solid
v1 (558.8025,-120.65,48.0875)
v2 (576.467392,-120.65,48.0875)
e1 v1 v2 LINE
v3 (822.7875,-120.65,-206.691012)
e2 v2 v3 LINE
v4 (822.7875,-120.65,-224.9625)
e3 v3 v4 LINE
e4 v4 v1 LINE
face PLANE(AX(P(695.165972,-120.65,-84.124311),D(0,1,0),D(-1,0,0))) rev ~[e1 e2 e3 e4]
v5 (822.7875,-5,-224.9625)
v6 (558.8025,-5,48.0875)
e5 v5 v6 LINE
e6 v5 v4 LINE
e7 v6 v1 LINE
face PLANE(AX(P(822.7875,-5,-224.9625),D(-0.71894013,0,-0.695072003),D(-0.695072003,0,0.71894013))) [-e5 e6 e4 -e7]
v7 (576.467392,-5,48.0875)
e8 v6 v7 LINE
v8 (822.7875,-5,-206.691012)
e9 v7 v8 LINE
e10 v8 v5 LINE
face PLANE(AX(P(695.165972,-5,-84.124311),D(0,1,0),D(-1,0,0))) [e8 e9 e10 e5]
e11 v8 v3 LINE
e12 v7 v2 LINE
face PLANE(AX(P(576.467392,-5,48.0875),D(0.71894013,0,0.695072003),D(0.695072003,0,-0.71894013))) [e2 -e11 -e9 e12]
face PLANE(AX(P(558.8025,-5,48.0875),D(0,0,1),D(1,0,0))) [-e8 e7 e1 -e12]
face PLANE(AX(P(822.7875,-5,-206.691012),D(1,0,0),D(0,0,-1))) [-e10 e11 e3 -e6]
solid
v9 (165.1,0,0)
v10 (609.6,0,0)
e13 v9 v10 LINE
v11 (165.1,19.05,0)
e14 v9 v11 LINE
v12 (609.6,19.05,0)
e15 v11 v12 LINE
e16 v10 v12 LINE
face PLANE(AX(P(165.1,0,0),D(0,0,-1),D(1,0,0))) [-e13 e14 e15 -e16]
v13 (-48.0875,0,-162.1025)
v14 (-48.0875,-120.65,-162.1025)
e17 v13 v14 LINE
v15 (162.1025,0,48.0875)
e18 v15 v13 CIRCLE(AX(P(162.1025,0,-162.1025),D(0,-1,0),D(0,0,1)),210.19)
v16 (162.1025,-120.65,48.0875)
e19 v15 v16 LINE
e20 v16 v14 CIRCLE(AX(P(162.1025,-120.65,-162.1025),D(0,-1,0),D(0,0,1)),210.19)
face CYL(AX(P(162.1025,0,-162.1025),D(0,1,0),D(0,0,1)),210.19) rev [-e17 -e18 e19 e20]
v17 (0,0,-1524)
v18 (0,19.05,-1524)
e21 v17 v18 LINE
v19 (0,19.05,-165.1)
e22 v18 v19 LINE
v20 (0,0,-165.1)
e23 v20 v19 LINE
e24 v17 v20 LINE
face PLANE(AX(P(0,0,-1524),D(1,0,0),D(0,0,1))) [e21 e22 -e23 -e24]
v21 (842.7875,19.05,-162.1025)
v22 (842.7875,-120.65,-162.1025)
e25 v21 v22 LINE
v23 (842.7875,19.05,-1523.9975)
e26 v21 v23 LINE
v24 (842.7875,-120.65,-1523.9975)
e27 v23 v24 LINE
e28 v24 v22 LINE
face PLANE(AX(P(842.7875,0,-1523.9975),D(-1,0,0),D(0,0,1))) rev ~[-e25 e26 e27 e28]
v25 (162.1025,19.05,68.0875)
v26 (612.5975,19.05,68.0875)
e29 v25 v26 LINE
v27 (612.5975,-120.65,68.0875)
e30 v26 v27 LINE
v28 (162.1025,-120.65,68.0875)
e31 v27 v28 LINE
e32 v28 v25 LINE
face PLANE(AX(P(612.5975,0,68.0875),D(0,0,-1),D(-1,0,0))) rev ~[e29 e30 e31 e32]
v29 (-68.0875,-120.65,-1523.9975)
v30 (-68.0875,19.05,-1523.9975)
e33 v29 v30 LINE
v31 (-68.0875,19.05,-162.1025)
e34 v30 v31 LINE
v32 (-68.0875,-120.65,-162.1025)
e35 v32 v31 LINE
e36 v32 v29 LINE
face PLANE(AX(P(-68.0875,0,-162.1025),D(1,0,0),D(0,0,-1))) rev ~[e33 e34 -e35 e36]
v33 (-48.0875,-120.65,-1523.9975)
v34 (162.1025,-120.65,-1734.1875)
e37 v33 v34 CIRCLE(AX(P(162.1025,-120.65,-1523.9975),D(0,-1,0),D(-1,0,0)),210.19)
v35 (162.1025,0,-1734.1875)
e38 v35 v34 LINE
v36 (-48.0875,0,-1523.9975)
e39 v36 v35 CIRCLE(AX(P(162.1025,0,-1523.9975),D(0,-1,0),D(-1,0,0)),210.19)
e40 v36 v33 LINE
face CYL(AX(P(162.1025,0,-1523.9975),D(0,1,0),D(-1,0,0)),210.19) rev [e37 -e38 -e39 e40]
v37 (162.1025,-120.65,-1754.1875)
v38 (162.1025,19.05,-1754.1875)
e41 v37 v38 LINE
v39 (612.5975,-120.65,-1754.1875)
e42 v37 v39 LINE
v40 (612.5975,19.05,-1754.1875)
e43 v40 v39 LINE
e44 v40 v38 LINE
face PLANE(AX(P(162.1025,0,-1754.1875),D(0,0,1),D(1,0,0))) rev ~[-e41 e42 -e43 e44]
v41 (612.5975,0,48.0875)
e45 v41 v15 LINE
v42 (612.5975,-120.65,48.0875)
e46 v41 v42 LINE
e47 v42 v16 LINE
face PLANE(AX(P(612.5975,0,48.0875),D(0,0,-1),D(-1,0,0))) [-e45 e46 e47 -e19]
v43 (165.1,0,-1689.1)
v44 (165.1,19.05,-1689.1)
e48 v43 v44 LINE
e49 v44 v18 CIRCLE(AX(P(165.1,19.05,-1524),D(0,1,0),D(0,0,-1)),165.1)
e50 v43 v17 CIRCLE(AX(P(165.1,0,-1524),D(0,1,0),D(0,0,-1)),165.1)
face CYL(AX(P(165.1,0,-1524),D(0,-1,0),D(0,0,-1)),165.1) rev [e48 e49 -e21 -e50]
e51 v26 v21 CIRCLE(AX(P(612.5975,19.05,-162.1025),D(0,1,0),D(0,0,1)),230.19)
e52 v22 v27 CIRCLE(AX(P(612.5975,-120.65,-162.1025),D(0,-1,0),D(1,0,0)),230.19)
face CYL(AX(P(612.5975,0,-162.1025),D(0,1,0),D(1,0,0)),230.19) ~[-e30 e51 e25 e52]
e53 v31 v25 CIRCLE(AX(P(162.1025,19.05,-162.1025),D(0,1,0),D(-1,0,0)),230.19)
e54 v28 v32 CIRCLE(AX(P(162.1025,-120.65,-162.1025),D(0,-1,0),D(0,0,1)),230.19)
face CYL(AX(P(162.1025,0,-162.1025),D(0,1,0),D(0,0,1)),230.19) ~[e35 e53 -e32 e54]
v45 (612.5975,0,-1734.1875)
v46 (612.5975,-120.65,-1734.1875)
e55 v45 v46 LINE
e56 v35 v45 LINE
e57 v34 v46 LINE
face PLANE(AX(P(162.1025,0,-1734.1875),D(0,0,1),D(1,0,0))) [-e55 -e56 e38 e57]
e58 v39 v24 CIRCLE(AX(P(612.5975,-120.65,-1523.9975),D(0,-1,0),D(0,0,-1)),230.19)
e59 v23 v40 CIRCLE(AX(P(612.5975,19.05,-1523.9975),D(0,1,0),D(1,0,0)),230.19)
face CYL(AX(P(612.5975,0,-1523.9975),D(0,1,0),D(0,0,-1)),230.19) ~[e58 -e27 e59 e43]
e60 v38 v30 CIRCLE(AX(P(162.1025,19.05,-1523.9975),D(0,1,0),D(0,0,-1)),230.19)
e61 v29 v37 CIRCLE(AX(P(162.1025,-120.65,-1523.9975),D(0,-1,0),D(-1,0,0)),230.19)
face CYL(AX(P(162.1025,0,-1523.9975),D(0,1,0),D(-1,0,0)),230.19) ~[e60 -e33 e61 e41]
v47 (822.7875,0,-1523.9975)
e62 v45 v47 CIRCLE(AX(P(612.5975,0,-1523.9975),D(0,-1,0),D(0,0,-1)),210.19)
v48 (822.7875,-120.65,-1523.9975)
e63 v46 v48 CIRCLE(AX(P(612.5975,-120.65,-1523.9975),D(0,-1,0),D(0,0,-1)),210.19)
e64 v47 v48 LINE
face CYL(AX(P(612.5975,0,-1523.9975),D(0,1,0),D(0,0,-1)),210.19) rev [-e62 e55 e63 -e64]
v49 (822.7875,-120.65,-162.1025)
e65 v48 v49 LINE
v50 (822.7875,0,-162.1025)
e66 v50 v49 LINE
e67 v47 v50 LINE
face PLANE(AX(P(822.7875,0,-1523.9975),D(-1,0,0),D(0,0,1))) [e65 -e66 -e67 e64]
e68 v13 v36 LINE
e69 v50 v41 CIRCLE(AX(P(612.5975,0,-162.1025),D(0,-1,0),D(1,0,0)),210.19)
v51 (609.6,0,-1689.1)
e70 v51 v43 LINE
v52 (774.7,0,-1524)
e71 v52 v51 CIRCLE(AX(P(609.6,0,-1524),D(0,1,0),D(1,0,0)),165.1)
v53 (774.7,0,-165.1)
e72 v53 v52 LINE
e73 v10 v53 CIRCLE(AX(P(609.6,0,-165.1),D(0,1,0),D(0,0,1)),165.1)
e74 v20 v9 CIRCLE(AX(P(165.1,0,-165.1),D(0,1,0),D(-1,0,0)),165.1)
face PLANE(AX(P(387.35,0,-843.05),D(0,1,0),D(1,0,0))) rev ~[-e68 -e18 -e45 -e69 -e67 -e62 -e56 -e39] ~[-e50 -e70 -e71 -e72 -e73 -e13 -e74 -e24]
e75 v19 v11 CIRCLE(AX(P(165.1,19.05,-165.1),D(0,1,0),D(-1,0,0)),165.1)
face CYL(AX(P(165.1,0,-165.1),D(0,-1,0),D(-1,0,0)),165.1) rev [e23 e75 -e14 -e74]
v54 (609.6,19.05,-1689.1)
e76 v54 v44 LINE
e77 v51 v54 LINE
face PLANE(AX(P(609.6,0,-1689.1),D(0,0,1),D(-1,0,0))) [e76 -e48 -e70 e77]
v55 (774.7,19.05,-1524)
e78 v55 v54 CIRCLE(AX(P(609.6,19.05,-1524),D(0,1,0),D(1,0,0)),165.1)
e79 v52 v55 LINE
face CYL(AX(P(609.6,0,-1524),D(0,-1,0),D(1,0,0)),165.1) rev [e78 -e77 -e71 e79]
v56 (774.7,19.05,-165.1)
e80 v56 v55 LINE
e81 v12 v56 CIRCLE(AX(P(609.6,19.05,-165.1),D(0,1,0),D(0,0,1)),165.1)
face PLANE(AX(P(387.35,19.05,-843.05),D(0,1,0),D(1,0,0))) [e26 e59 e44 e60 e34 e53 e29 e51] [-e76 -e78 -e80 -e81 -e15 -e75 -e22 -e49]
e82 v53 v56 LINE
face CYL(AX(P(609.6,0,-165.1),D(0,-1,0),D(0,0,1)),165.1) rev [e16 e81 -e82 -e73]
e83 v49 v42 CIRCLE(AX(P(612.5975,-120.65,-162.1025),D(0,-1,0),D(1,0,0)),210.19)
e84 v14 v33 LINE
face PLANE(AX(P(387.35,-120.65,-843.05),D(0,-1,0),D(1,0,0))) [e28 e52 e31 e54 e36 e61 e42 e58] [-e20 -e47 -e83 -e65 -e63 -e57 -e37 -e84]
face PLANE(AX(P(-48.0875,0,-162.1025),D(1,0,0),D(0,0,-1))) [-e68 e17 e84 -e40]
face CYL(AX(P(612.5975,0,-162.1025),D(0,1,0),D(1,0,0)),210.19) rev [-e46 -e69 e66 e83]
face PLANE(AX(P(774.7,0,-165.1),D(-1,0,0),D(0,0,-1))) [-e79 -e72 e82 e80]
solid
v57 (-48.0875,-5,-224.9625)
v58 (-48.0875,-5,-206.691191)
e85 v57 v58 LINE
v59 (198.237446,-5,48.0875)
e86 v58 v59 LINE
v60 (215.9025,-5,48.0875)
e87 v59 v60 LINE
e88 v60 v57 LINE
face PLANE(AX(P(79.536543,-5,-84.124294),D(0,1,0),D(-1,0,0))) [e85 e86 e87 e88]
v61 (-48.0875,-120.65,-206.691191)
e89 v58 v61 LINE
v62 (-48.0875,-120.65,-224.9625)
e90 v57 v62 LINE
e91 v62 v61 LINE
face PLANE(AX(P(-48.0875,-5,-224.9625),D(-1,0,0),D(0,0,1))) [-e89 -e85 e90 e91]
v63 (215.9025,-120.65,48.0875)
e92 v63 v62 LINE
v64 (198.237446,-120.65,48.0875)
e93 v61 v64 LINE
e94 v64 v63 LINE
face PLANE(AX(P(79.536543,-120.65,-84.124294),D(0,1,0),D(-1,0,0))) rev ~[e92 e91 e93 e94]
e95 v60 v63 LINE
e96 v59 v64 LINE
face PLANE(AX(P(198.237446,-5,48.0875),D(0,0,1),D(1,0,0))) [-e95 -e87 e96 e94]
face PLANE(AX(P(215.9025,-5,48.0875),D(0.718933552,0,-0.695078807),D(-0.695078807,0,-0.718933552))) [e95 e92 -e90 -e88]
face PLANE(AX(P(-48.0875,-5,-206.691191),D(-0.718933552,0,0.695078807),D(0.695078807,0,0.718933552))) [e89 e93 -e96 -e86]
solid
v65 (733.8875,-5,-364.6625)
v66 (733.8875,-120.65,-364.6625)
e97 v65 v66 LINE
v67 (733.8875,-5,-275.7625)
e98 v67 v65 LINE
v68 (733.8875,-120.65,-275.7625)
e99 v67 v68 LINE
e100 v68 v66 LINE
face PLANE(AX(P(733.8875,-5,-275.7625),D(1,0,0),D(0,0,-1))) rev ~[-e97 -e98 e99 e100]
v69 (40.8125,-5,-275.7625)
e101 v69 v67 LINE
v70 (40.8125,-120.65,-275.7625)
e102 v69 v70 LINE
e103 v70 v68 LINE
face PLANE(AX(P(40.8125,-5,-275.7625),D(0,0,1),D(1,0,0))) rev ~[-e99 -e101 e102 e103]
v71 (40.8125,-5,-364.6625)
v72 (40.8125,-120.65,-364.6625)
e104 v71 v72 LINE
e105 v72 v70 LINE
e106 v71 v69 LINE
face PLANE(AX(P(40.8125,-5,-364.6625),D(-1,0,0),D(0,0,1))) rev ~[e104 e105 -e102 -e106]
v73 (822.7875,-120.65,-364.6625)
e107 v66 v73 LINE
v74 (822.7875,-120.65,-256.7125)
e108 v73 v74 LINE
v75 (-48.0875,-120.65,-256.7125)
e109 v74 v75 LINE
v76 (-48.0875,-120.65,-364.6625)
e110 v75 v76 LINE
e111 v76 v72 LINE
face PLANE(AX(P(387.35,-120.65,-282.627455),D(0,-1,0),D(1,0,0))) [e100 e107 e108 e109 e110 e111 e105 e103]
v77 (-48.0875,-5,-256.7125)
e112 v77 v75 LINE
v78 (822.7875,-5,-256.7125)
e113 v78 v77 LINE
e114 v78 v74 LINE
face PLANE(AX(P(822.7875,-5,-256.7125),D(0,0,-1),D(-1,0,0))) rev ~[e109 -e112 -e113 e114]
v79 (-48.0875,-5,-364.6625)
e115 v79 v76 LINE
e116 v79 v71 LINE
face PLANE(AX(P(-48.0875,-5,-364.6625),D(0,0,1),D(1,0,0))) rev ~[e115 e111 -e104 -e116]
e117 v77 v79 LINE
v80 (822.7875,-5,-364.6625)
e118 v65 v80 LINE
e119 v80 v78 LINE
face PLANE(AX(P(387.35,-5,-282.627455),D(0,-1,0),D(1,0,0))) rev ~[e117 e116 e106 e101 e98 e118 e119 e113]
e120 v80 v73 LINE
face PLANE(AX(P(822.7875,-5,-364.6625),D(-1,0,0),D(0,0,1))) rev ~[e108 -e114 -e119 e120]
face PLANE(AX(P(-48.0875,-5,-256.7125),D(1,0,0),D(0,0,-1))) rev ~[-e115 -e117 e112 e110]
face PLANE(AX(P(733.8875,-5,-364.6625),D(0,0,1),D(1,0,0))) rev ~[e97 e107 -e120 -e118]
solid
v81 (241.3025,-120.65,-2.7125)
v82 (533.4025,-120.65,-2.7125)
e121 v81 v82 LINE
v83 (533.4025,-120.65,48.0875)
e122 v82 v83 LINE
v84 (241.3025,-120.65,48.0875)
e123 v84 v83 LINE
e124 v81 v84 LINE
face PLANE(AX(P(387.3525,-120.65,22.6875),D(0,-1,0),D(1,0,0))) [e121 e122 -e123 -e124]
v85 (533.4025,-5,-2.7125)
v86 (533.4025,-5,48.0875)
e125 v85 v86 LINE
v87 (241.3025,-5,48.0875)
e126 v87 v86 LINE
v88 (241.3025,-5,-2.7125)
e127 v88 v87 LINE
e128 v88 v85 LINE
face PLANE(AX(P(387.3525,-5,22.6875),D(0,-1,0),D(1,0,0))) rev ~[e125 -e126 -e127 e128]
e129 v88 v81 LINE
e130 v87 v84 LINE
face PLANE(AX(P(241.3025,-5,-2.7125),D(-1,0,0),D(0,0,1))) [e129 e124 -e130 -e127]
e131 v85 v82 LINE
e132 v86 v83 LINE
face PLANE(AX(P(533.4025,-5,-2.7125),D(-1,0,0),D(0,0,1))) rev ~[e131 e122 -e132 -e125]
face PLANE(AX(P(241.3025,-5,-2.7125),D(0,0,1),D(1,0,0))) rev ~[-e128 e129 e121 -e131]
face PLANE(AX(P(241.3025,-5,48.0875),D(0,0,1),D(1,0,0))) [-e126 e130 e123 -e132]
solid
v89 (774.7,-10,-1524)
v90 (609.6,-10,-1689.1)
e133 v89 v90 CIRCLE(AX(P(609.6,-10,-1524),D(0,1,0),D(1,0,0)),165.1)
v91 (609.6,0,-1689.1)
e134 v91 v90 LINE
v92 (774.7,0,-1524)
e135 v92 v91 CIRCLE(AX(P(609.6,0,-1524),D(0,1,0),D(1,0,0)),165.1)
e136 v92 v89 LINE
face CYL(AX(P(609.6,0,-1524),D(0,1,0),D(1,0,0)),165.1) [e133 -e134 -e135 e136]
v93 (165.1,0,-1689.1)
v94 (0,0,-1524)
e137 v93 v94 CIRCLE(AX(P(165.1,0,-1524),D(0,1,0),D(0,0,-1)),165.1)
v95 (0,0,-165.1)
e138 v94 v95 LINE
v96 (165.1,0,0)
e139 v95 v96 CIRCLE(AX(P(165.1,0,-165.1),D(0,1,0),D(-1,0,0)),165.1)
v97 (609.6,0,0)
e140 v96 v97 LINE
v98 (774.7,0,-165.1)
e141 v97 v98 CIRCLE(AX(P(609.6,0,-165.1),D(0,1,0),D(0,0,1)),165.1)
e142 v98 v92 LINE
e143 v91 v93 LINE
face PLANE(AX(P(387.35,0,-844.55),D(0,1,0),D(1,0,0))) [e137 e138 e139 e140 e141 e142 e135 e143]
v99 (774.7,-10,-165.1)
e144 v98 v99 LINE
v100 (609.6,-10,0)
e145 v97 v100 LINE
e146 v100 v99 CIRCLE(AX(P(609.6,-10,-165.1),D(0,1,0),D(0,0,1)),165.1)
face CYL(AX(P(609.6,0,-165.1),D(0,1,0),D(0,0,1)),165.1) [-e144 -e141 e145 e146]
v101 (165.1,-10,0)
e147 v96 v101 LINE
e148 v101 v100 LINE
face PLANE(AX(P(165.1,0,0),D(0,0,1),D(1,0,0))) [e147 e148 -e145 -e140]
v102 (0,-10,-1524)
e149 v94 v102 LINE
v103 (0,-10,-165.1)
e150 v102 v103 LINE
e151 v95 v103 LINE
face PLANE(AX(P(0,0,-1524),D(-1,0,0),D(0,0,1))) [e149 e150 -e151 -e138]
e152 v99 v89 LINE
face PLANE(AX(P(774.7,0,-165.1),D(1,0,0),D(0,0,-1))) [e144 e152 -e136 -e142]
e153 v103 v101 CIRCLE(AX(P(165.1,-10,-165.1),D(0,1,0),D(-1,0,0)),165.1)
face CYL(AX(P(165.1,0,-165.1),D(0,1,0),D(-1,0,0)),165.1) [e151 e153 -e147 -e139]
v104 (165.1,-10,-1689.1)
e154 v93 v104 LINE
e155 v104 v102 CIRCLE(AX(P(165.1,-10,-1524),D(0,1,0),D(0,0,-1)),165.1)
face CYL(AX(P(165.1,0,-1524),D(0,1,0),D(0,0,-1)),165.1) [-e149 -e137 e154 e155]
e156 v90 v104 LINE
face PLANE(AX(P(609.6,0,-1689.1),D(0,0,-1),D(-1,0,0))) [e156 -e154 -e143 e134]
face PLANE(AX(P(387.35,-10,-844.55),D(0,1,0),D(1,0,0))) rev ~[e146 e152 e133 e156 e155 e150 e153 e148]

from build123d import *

# Parameters (mm, degrees)
BOSS_EXTRUDE2_DEPTH   = 10
BOSS_EXTRUDE3_DEPTH   = 19.05
BOSS_EXTRUDE4_DEPTH   = 120.65
BOSS_EXTRUDE7_START   = 5
SKETCH4_W             = 292.1
SKETCH4_H             = 50.8
BOSS_EXTRUDE7_DEPTH   = 115.65
BOSS_EXTRUDE7_2_DEPTH = 115.65
BOSS_EXTRUDE7_3_DEPTH = 115.65
BOSS_EXTRUDE7_4_DEPTH = 115.65


with BuildPart() as part:
    # Sketch1 → Boss-Extrude2 (new body)
    with BuildSketch(Plane(origin=(0, 0, 0), x_dir=(1, 0, 0), z_dir=(0, 1, 0))):
        with BuildLine():
            Line((165.1, 0), (609.6, 0))
            ThreePointArc((609.6, 0), (726.343329574, 48.356670426), (774.7, 165.1))
            Line((774.7, 165.1), (774.7, 1524))
            ThreePointArc((774.7, 1524), (726.343329574, 1640.743329574), (609.6, 1689.1))
            Line((609.6, 1689.1), (165.1, 1689.1))
            ThreePointArc((165.1, 1689.1), (48.356670426, 1640.743329574), (0, 1524))
            Line((0, 1524), (0, 165.1))
            ThreePointArc((0, 165.1), (48.356670426, 48.356670426), (165.1, 0))
        make_face()
    extrude(amount=-BOSS_EXTRUDE2_DEPTH)


with BuildPart() as body_2:
    # Sketch2 → Boss-Extrude3 (new body)
    with BuildSketch(Plane(origin=(0, 0, 0), x_dir=(1, 0, 0), z_dir=(0, 1, 0))):
        with BuildLine():
            Line((162.1025, -68.0875), (612.5975, -68.0875))
            ThreePointArc((612.5975, -68.0875), (775.366409961, -0.666409961), (842.7875, 162.1025))
            Line((842.7875, 162.1025), (842.7875, 1523.9975))
            ThreePointArc((842.7875, 1523.9975), (775.366409961, 1686.766409961), (612.5975, 1754.1875))
            Line((612.5975, 1754.1875), (162.1025, 1754.1875))
            ThreePointArc((162.1025, 1754.1875), (-0.666409961, 1686.766409961), (-68.0875, 1523.9975))
            Line((-68.0875, 1523.9975), (-68.0875, 162.1025))
            ThreePointArc((-68.0875, 162.1025), (-0.666409961, -0.666409961), (162.1025, -68.0875))
        make_face()
        with BuildLine():
            Line((165.1, 0), (609.6, 0))
            ThreePointArc((609.6, 0), (726.343329574, 48.356670426), (774.7, 165.1))
            Line((774.7, 165.1), (774.7, 1524))
            ThreePointArc((774.7, 1524), (726.343329574, 1640.743329574), (609.6, 1689.1))
            Line((609.6, 1689.1), (165.1, 1689.1))
            ThreePointArc((165.1, 1689.1), (48.356670426, 1640.743329574), (0, 1524))
            Line((0, 1524), (0, 165.1))
            ThreePointArc((0, 165.1), (48.356670426, 48.356670426), (165.1, 0))
        make_face(mode=Mode.SUBTRACT)
    extrude(amount=BOSS_EXTRUDE3_DEPTH)

    # Sketch3 → Boss-Extrude4 (add)
    with BuildSketch(Plane.XZ):
        with BuildLine():
            Line((162.1025, -1754.1875), (612.5975, -1754.1875))
            ThreePointArc((612.5975, -1754.1875), (775.366409961, -1686.766409961), (842.7875, -1523.9975))
            Line((842.7875, -1523.9975), (842.7875, -162.1025))
            ThreePointArc((842.7875, -162.1025), (775.366409961, 0.666409961), (612.5975, 68.0875))
            Line((612.5975, 68.0875), (162.1025, 68.0875))
            ThreePointArc((162.1025, 68.0875), (-0.666409961, 0.666409961), (-68.0875, -162.1025))
            Line((-68.0875, -162.1025), (-68.0875, -1523.9975))
            ThreePointArc((-68.0875, -1523.9975), (-0.666409961, -1686.766409961), (162.1025, -1754.1875))
        make_face()
        with BuildLine():
            Line((162.1025, -1734.1875), (612.5975, -1734.1875))
            ThreePointArc((612.5975, -1734.1875), (761.224274338, -1672.624274338), (822.7875, -1523.9975))
            Line((822.7875, -1523.9975), (822.7875, -162.1025))
            ThreePointArc((822.7875, -162.1025), (761.224274338, -13.475725662), (612.5975, 48.0875))
            Line((612.5975, 48.0875), (162.1025, 48.0875))
            ThreePointArc((162.1025, 48.0875), (13.475725662, -13.475725662), (-48.0875, -162.1025))
            Line((-48.0875, -162.1025), (-48.0875, -1523.9975))
            ThreePointArc((-48.0875, -1523.9975), (13.475725662, -1672.624274338), (162.1025, -1734.1875))
        make_face(mode=Mode.SUBTRACT)
    extrude(amount=BOSS_EXTRUDE4_DEPTH)


with BuildPart() as body_3:
    # Sketch4 → Boss-Extrude7 (new body)
    with BuildSketch(Plane.XZ.offset(BOSS_EXTRUDE7_START)):
        with Locations((387.3525, 22.6875)):
            Rectangle(SKETCH4_W, SKETCH4_H)
    extrude(amount=BOSS_EXTRUDE7_DEPTH)


with BuildPart() as body_4:
    # Sketch4 → Boss-Extrude7 2 (new body)
    with BuildSketch(Plane.XZ.offset(BOSS_EXTRUDE7_START)):
        Polygon((822.7875, -256.7125), (-48.0875, -256.7125), (-48.0875, -275.7625), (-48.0875, -364.6625), (40.8125, -364.6625), (40.8125, -275.7625), (733.8875, -275.7625), (733.8875, -364.6625), (822.7875, -364.6625), (822.7875, -275.7625), align=None)
    extrude(amount=BOSS_EXTRUDE7_2_DEPTH)


with BuildPart() as body_5:
    # Sketch4 → Boss-Extrude7 3 (new body)
    with BuildSketch(Plane.XZ.offset(BOSS_EXTRUDE7_START)):
        Polygon((822.7875, -224.9625), (558.8025, 48.0875), (576.467392336, 48.0875), (822.7875, -206.691011649), align=None)
    extrude(amount=BOSS_EXTRUDE7_3_DEPTH)


with BuildPart() as body_6:
    # Sketch4 → Boss-Extrude7 4 (new body)
    with BuildSketch(Plane.XZ.offset(BOSS_EXTRUDE7_START)):
        Polygon((215.9025, 48.0875), (-48.0875, -224.9625), (-48.0875, -206.69119052), (198.237446018, 48.0875), align=None)
    extrude(amount=BOSS_EXTRUDE7_4_DEPTH)


solid = Compound([part.part, body_2.part, body_3.part, body_4.part, body_5.part, body_6.part])
